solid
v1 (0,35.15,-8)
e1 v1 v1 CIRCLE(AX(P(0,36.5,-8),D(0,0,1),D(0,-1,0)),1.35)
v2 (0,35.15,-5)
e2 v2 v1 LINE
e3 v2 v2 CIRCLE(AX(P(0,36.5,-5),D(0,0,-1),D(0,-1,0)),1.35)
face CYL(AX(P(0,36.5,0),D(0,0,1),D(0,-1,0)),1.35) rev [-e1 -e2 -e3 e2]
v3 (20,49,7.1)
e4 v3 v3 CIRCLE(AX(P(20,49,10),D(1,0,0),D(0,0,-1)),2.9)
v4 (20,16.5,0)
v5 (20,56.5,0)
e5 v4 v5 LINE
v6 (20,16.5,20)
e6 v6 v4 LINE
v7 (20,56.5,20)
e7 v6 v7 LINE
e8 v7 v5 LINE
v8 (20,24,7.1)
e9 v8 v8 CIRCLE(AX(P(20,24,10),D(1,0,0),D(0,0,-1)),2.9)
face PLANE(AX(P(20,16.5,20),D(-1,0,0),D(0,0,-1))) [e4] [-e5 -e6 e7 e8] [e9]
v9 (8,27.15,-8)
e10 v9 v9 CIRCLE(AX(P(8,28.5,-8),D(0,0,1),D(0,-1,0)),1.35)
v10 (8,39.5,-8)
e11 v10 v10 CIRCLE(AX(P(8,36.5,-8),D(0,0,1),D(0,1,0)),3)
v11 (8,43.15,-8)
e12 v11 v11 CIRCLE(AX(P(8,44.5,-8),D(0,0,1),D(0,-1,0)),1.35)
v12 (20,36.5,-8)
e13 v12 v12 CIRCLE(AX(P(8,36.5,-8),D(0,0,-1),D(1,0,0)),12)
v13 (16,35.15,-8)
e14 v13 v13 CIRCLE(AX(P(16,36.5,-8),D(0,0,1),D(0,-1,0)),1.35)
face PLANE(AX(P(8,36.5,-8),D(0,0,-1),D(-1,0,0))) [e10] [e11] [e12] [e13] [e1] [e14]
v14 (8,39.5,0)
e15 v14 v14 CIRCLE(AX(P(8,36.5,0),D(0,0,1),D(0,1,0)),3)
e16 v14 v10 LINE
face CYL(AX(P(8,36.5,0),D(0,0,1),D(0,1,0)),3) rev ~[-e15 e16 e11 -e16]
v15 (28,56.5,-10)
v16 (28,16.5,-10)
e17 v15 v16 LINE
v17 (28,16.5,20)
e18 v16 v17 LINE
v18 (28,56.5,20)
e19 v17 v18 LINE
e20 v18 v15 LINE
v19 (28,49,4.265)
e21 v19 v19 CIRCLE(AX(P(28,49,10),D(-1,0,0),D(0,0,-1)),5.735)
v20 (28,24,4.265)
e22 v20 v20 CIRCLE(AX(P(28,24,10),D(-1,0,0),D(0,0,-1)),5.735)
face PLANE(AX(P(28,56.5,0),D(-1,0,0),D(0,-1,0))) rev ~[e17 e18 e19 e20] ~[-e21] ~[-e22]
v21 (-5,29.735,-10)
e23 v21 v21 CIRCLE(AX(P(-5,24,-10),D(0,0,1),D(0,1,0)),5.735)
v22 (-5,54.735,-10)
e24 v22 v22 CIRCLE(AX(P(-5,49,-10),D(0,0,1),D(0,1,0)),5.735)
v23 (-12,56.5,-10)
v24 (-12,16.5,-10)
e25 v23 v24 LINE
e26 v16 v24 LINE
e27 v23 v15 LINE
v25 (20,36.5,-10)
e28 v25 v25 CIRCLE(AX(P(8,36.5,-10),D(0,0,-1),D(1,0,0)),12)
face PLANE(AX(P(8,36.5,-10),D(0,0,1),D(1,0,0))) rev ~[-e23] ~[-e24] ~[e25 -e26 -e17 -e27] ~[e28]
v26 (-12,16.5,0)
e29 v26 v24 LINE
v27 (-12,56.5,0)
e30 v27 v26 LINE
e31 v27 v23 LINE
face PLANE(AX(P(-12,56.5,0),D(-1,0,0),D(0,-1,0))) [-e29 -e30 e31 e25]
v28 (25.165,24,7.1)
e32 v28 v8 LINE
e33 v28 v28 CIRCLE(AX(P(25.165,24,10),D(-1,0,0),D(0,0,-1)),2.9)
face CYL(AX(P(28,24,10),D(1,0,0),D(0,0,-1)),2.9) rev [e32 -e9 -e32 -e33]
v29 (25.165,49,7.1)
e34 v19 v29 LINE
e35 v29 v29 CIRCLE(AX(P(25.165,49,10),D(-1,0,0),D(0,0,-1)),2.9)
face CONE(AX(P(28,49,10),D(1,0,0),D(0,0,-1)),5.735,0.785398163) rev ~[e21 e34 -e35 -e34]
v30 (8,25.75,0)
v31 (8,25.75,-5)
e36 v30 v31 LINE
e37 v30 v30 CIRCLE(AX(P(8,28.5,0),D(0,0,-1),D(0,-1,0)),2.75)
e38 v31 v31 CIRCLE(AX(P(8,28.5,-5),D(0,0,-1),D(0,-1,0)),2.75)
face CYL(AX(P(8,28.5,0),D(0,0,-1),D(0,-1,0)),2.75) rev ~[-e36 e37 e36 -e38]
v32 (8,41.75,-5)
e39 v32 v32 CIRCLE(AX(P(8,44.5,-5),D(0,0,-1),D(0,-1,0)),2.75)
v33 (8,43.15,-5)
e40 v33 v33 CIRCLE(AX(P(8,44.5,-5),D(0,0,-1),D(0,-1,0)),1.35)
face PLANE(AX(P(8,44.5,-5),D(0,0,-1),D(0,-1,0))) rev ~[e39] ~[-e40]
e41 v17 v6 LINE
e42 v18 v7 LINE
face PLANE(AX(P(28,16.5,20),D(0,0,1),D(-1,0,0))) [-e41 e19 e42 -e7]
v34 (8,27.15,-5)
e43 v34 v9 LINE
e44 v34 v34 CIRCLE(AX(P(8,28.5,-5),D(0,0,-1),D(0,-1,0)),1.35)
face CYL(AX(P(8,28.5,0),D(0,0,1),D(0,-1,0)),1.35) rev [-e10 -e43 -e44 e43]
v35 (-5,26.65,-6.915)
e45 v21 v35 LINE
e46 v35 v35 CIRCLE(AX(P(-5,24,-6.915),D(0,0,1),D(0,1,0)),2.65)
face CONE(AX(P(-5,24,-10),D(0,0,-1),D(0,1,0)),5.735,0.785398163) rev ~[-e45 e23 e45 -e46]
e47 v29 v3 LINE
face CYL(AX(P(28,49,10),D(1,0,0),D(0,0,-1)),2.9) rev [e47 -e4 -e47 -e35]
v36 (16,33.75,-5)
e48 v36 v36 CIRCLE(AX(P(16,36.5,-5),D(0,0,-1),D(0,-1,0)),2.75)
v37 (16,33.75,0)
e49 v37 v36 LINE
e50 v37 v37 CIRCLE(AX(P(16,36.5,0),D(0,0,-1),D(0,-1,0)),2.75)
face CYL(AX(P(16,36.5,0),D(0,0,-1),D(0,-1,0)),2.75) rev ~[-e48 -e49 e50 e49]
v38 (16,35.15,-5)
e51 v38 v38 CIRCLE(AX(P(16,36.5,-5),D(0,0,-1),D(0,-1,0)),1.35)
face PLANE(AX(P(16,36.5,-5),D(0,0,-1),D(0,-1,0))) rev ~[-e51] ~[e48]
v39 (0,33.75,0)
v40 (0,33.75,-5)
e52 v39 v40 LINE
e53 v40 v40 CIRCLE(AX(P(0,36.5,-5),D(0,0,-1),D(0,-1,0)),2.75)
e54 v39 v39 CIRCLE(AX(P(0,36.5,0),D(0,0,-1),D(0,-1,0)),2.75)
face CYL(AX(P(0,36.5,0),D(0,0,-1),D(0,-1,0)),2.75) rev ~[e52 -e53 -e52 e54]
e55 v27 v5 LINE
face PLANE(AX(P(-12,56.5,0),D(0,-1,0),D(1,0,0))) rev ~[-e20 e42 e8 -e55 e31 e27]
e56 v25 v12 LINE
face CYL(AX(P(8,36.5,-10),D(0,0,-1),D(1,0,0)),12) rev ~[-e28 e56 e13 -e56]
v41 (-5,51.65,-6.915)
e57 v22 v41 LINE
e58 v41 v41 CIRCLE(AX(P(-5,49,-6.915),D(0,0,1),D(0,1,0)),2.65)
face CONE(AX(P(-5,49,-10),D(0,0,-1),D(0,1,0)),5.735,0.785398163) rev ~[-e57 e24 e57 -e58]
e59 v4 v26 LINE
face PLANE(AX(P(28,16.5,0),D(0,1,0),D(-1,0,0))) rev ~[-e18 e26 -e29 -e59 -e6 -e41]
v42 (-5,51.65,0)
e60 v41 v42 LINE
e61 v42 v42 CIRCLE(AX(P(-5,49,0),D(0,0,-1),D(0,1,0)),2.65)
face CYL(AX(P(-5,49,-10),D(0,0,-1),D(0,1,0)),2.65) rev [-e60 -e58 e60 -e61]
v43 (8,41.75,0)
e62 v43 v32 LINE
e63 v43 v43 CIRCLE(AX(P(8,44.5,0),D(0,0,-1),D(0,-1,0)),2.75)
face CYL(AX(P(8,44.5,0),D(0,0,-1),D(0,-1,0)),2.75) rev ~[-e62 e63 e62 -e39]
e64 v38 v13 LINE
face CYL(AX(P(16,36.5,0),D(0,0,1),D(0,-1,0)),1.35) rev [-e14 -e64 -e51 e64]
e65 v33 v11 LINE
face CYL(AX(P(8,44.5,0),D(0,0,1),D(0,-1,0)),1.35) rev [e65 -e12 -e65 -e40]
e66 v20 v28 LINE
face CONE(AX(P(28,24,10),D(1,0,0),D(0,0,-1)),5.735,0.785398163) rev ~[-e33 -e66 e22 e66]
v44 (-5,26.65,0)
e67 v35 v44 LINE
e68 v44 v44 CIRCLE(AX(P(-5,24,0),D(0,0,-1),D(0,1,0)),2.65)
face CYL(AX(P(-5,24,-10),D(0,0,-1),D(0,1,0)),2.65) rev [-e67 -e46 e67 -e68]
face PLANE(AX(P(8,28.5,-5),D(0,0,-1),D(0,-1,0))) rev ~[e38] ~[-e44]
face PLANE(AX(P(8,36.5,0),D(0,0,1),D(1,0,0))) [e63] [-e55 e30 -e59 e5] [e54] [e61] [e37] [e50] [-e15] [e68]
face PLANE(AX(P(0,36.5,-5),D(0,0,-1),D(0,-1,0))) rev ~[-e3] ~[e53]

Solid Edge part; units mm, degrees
sketch "Sketch1" plane through (0, 0, 0) normal (0, 0, -1) x (-1, 0, 0)
  line L0 (12, 56.5) -> (12, 16.5)
  line L1 (-28, 16.5) -> (12, 16.5)
  line L2 (-28, 56.5) -> (-28, 16.5)
  line L3 (12, 56.5) -> (-28, 56.5)
  dimension "D1" = 40
  dimension "D2" = 40
extrude "Protrusion1" add sketch "Sketch1" along normal blind 10
sketch "Sketch2" plane through (8, 16.5, -5) normal (0, -1, 0) x (1, 0, 0)
  line L0 (12, 25) -> (12, 5)
  line L1 (12, 5) -> (20, 5)
  line L2 (20, 5) -> (20, 25)
  line L3 (20, 25) -> (12, 25)
  dimension "D1" = 20
  dimension "D2" = 8
extrude "Protrusion2" add sketch "Sketch2" against normal up to vertex (40 mm away)
sketch "Sketch3" plane through (8, 36.5, -10) normal (0, 0, -1) x (1, 0, 0)
  circle A0 centre (0, 0) radius 12
extrude "VaciadoExtruido_1" cut sketch "Sketch3" against normal blind 2
hole "Agujero_1" at (-5, 49, -10) direction (0, 0, 1) diameter 5.3 end up to next countersink diameter 11.47 countersink angle 90
hole "Hole1" at (-5, 24, -10) direction (0, 0, 1) diameter 5.3 end up to next countersink diameter 11.47 countersink angle 90
hole "Agujero_3" at (28, 49, 10) direction (-1, 0, 0) diameter 5.8 end up to next countersink diameter 11.47 countersink angle 90
hole "Hole2" at (28, 24, 10) direction (-1, 0, 0) diameter 5.8 end up to next countersink diameter 11.47 countersink angle 90
hole "Agujero_6" at (16, 36.5, 0) direction (0, 0, -1) diameter 2.7 end up to next counterbore diameter 5.5 counterbore depth 5
hole "Hole3" at (8, 28.5, 0) direction (0, 0, -1) diameter 2.7 end up to next counterbore diameter 5.5 counterbore depth 5
hole "Hole4" at (8, 44.5, 0) direction (0, 0, -1) diameter 2.7 end up to next counterbore diameter 5.5 counterbore depth 5
hole "Hole5" at (0, 36.5, 0) direction (0, 0, -1) diameter 2.7 end up to next counterbore diameter 5.5 counterbore depth 5
sketch "Sketch4" plane through (4, 36.5, 0) normal (0, 0, 1) x (0, 1, 0)
  circle A0 centre (0, -4) radius 3
  dimension "D1" = 6
extrude "Cutout1" cut sketch "Sketch4" against normal up to next
properties part number "1976-1500-007" material "Aluminio, 7075-T6"
